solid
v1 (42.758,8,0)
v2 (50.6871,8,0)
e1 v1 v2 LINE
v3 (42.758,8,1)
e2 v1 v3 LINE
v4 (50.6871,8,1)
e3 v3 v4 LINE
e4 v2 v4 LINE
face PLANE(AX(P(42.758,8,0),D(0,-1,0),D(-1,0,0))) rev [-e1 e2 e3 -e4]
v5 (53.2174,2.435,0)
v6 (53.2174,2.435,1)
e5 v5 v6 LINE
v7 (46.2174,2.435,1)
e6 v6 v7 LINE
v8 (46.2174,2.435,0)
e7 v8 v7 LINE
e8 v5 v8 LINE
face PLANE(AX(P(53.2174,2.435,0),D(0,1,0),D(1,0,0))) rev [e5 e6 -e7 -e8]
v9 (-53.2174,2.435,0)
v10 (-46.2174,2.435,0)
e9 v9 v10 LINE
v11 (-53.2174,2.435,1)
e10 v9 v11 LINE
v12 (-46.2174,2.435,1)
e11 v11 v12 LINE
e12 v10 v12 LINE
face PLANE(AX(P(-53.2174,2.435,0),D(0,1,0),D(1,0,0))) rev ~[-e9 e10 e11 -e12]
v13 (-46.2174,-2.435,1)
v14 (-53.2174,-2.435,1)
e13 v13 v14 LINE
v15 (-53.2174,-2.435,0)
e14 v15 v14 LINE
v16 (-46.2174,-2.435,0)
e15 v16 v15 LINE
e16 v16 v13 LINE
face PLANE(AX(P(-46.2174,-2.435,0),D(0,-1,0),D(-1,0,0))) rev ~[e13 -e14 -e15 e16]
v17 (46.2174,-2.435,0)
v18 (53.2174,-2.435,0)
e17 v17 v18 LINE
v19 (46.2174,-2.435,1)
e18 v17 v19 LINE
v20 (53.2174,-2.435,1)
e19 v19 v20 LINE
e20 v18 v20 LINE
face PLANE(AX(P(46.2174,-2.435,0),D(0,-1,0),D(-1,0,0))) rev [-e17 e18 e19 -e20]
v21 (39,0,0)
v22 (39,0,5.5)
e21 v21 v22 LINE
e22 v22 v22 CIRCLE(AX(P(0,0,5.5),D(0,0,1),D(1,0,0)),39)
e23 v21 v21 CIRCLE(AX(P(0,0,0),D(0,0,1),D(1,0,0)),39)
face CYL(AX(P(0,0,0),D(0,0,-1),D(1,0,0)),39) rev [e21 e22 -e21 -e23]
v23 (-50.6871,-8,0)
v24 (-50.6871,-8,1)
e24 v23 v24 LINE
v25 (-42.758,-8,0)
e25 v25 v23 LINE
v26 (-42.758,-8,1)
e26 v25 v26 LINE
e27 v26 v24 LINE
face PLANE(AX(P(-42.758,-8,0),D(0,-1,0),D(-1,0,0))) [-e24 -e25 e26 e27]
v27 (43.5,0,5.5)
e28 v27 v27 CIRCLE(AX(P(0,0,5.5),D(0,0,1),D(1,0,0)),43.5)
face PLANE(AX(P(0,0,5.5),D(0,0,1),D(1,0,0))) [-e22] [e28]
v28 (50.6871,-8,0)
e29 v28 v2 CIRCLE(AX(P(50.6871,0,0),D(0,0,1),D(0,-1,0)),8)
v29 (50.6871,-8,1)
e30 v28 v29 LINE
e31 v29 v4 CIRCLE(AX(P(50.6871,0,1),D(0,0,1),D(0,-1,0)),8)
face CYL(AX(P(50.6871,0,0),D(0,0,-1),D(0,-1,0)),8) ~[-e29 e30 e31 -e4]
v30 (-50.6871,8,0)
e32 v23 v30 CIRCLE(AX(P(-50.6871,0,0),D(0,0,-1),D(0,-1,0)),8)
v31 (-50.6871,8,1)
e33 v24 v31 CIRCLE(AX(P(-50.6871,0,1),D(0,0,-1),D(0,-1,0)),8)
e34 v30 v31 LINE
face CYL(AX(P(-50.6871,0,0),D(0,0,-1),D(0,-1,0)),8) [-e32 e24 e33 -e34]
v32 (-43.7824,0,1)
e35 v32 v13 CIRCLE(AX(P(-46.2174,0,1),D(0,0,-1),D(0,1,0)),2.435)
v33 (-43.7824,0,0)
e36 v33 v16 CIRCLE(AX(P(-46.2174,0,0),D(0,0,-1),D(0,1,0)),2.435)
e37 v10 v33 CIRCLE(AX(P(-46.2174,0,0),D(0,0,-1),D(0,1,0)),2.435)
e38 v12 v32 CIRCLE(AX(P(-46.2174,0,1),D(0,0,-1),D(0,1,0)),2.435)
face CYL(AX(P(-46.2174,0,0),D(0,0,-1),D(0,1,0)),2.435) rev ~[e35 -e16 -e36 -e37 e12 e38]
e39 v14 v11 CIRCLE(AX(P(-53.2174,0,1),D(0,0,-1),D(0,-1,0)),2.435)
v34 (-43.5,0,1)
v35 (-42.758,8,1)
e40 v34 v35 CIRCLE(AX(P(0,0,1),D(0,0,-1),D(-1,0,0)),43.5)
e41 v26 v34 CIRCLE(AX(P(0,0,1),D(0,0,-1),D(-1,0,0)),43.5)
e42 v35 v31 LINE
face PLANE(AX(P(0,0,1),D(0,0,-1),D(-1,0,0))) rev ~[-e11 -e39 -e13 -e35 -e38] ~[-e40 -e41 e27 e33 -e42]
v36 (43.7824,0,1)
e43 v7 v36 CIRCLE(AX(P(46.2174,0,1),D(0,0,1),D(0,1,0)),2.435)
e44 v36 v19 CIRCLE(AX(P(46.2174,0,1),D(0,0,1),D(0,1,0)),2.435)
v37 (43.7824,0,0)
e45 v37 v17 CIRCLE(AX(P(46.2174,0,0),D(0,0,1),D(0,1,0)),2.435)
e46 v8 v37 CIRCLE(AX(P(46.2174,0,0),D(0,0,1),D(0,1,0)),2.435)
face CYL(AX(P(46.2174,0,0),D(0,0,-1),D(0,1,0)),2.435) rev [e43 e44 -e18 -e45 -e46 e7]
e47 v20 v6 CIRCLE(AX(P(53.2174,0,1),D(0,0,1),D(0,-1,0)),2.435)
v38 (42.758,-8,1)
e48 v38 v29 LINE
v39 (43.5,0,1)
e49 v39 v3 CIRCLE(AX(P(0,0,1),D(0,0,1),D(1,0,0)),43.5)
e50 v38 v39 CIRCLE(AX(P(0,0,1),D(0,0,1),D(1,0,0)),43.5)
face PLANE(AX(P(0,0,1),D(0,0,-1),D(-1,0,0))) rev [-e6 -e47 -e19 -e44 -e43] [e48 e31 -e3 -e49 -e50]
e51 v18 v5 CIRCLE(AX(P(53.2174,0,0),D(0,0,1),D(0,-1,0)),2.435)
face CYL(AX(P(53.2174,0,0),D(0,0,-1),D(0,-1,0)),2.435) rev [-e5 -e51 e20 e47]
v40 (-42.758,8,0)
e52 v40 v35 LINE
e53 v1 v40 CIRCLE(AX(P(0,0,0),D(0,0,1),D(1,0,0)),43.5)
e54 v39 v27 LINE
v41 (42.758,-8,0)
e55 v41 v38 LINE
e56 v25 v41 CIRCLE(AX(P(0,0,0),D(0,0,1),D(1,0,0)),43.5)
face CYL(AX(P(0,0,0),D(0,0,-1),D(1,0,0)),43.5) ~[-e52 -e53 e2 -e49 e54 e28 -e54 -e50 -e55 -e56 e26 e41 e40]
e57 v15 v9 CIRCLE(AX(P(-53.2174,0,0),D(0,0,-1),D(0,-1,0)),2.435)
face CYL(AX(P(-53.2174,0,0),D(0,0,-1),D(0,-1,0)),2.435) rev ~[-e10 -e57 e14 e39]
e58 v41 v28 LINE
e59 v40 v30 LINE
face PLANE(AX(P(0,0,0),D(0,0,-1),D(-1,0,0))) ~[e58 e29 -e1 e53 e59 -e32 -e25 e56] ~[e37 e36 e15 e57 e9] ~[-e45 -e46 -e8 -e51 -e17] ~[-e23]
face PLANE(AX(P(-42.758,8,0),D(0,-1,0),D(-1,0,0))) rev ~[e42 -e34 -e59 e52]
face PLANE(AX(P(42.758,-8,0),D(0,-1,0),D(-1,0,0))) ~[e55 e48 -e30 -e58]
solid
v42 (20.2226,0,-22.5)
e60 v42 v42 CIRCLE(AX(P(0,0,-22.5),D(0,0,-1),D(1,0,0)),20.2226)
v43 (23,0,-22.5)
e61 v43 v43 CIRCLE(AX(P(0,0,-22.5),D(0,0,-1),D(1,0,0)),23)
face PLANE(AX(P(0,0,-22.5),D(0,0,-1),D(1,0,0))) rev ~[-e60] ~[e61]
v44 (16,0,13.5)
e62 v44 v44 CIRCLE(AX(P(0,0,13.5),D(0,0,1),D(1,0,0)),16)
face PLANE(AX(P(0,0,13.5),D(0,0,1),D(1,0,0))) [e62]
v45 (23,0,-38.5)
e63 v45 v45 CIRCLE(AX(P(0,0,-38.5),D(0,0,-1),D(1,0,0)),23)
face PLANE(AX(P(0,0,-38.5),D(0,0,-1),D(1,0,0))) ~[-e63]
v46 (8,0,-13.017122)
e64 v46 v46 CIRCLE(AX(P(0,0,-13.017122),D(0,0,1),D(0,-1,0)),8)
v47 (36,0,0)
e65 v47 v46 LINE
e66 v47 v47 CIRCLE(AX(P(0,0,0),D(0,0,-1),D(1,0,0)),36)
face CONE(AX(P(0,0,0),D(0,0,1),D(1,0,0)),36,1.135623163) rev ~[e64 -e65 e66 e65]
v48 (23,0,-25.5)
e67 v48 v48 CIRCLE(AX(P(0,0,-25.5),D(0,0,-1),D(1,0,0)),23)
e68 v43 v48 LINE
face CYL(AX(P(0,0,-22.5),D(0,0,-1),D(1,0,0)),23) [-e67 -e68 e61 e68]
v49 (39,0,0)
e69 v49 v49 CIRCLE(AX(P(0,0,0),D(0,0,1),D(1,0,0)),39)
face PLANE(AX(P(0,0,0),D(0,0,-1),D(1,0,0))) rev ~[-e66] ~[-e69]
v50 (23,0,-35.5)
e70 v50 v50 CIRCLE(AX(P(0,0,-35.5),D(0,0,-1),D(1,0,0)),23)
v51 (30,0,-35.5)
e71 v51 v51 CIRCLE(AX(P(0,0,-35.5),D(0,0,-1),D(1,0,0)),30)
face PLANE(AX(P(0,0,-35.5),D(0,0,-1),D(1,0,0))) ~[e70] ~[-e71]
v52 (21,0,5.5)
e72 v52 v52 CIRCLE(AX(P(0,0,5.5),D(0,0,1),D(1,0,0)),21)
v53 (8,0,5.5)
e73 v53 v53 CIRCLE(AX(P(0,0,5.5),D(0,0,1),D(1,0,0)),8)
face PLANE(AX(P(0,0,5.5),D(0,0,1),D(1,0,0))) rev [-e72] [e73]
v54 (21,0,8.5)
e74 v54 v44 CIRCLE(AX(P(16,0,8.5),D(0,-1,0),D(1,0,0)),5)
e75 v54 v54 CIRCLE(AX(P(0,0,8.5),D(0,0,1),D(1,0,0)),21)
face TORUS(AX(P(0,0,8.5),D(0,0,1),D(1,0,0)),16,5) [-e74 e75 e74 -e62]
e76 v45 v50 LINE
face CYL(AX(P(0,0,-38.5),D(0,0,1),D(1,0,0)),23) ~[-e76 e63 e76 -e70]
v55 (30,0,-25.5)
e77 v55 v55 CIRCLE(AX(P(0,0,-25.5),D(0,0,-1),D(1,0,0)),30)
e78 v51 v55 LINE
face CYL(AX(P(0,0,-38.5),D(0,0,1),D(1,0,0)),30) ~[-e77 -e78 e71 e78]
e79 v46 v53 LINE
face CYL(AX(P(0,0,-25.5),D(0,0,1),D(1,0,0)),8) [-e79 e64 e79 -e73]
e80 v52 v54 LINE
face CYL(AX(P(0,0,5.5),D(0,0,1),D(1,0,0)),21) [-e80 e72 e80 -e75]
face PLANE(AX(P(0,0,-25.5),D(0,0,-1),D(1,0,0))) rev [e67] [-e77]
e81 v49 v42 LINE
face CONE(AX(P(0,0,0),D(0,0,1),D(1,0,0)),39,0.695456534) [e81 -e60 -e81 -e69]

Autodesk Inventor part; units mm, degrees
ref_plane "YZ Plane" through (0, 0, 0) normal (1, 0, 0) x (0, 1, 0)
ref_plane "XZ Plane" through (0, 0, 0) normal (0, 1, 0) x (-1, 0, 0)
ref_plane "XY Plane" through (0, 0, 0) normal (0, 0, 1) x (1, 0, 0)
sketch "Sketch1" plane through (0, 0, 0) normal (0, 0, 1) x (1, 0, 0)
  circle A0 centre (0, 0) radius 43.5
  circle A1 centre (0, 0) radius 39
  dimension "d0" = 87
  dimension "d1" = 78
extrude "Extrusion1" add sketch "Sketch1" along normal blind 5.5
sketch "Sketch2" plane through (0, 0, 0) normal (0, 1, 0) x (-1, 0, 0)
  line L0 (43.5, 5.5) -> (-43.5, 5.5) projected
  line L1 (-43.5, 0) -> (43.5, 0) projected
  line L2 (43.5, 0) -> (43.5, 5.5) projected
  line L3 (-43.5, 0) -> (-43.5, 5.5) projected
  line L4 (0, -1.1) -> (0, 6.6) construction
  line L5 (0, 0) -> (0, -38.5) construction
  line L6 (0, -38.5) -> (-30, -38.5)
  line L7 (-30, -38.5) -> (-30, -22.5)
  line L8 (-30, -22.5) -> (0, -22.5)
  line L9 (0, -22.5) -> (0, -38.5)
  line L10 (-30, -22.5) -> (-23, -22.5)
  line L11 (-23, -22.5) -> (-23, -25.5)
  line L12 (-23, -25.5) -> (-30, -25.5)
  line L13 (-30, -25.5) -> (-30, -22.5)
  line L14 (-30, -38.5) -> (-23, -38.5)
  line L15 (-23, -38.5) -> (-23, -35.5)
  line L16 (-23, -35.5) -> (-30, -35.5)
  line L17 (-30, -35.5) -> (-30, -38.5)
  line L18 (-39, 0) -> (-39, 5.5) projected
  line L19 (-39, 0) -> (-36, 0)
  line L20 (-43.5, 0) -> (43.5, 0) projected
  line L21 (-36, 0) -> (0, -16.7363)
  line L22 (0, -16.7363) -> (0, -22.5)
  line L23 (-39, 0) -> (-20.2226, -22.5)
  dimension "d4" = 38.5
  dimension "d5" = 30
  dimension "d6" = 16
  dimension "d7" = 7
  dimension "d8" = 3
  dimension "d9" = 7
  dimension "d10" = 3
  dimension "d11" = 3
revolve "Revolution1" add sketch "Sketch2" angle 360 about axis through (0, 0, 0) along (0, 0, -1) contours L1 L21 L22 L8 L23 | L8 L9 L6 L15 L16 L7 L12 L11
sketch "Sketch3" plane through (0, 0, 0) normal (0, 1, 0) x (-1, 0, 0)
  line L0 (0, -47.3) -> (0, 14.3) construction
  line L1 (30, -35.5) -> (-30, -35.5) projected
  line L2 (-30, -25.5) -> (30, -25.5) projected
  line L3 (-30, -25.5) -> (30, -25.5) projected
  line L4 (0, -25.5) -> (-8, -25.5)
  line L5 (-8, -25.5) -> (-8, 5.5)
  line L6 (-8, 5.5) -> (0, 5.5)
  line L7 (0, 5.5) -> (0, -25.5)
  line L8 (0, 5.5) -> (-21, 5.5)
  line L9 (-21, 5.5) -> (-21, 13.5)
  line L10 (-21, 13.5) -> (0, 13.5)
  line L11 (0, 13.5) -> (0, 5.5)
  point P0 (0, 0)
  dimension "d13" = 8
  dimension "d14" = 31
  dimension "d15" = 21
  dimension "d16" = 8
revolve "Revolution2" add sketch "Sketch3" angle 360 about axis through (0, 0, -10) along (0, 0, 1)
sketch "Sketch4" plane through (0, 0, 0) normal (0, 0, -1) x (-1, 0, 0)
  circle A0 centre (0, 0) radius 43.5 projected
  line L0 (60.9, 0) -> (-60.9, 0) construction
  line L1 (0, -60.9) -> (0, 60.9) construction
  line L2 (52, 0) -> (-52, 0)
  line L3 (46.2174, 0) -> (53.2174, 0) construction
  line L4 (46.2174, -2.435) -> (53.2174, -2.435)
  line L5 (53.2174, 2.435) -> (46.2174, 2.435)
  arc A1 (46.2174, 2.435) -> (46.2174, -2.435) centre (46.2174, 0) ccw
  arc A2 (53.2174, -2.435) -> (53.2174, 2.435) centre (53.2174, 0) ccw
  circle A3 centre (0, 0) radius 43.5 projected
  line L6 (42.758, -8) -> (50.6871, -8)
  line L7 (42.758, 8) -> (50.6871, 8)
  arc A4 (50.6871, -8) -> (50.6871, 8) centre (50.6871, 0) ccw
  point P0 (49.7174, 0)
  dimension "d18" = 104
  dimension "d19" = 3.5
  dimension "d20" = 4.87
  dimension "d21" = 8
  dimension "d22" = 8
extrude "Extrusion2" add sketch "Sketch4" against normal blind 1 contours A0 L7 A4 L6
mirror "Mirror1" about plane through (0, 0, 0) normal (1, 0, 0) of "Extrusion2"
fillet "Fillet1" radius 5 1 edges at (-21, 0, 13.5)
properties part number "Speaker_Massive_MX3"
